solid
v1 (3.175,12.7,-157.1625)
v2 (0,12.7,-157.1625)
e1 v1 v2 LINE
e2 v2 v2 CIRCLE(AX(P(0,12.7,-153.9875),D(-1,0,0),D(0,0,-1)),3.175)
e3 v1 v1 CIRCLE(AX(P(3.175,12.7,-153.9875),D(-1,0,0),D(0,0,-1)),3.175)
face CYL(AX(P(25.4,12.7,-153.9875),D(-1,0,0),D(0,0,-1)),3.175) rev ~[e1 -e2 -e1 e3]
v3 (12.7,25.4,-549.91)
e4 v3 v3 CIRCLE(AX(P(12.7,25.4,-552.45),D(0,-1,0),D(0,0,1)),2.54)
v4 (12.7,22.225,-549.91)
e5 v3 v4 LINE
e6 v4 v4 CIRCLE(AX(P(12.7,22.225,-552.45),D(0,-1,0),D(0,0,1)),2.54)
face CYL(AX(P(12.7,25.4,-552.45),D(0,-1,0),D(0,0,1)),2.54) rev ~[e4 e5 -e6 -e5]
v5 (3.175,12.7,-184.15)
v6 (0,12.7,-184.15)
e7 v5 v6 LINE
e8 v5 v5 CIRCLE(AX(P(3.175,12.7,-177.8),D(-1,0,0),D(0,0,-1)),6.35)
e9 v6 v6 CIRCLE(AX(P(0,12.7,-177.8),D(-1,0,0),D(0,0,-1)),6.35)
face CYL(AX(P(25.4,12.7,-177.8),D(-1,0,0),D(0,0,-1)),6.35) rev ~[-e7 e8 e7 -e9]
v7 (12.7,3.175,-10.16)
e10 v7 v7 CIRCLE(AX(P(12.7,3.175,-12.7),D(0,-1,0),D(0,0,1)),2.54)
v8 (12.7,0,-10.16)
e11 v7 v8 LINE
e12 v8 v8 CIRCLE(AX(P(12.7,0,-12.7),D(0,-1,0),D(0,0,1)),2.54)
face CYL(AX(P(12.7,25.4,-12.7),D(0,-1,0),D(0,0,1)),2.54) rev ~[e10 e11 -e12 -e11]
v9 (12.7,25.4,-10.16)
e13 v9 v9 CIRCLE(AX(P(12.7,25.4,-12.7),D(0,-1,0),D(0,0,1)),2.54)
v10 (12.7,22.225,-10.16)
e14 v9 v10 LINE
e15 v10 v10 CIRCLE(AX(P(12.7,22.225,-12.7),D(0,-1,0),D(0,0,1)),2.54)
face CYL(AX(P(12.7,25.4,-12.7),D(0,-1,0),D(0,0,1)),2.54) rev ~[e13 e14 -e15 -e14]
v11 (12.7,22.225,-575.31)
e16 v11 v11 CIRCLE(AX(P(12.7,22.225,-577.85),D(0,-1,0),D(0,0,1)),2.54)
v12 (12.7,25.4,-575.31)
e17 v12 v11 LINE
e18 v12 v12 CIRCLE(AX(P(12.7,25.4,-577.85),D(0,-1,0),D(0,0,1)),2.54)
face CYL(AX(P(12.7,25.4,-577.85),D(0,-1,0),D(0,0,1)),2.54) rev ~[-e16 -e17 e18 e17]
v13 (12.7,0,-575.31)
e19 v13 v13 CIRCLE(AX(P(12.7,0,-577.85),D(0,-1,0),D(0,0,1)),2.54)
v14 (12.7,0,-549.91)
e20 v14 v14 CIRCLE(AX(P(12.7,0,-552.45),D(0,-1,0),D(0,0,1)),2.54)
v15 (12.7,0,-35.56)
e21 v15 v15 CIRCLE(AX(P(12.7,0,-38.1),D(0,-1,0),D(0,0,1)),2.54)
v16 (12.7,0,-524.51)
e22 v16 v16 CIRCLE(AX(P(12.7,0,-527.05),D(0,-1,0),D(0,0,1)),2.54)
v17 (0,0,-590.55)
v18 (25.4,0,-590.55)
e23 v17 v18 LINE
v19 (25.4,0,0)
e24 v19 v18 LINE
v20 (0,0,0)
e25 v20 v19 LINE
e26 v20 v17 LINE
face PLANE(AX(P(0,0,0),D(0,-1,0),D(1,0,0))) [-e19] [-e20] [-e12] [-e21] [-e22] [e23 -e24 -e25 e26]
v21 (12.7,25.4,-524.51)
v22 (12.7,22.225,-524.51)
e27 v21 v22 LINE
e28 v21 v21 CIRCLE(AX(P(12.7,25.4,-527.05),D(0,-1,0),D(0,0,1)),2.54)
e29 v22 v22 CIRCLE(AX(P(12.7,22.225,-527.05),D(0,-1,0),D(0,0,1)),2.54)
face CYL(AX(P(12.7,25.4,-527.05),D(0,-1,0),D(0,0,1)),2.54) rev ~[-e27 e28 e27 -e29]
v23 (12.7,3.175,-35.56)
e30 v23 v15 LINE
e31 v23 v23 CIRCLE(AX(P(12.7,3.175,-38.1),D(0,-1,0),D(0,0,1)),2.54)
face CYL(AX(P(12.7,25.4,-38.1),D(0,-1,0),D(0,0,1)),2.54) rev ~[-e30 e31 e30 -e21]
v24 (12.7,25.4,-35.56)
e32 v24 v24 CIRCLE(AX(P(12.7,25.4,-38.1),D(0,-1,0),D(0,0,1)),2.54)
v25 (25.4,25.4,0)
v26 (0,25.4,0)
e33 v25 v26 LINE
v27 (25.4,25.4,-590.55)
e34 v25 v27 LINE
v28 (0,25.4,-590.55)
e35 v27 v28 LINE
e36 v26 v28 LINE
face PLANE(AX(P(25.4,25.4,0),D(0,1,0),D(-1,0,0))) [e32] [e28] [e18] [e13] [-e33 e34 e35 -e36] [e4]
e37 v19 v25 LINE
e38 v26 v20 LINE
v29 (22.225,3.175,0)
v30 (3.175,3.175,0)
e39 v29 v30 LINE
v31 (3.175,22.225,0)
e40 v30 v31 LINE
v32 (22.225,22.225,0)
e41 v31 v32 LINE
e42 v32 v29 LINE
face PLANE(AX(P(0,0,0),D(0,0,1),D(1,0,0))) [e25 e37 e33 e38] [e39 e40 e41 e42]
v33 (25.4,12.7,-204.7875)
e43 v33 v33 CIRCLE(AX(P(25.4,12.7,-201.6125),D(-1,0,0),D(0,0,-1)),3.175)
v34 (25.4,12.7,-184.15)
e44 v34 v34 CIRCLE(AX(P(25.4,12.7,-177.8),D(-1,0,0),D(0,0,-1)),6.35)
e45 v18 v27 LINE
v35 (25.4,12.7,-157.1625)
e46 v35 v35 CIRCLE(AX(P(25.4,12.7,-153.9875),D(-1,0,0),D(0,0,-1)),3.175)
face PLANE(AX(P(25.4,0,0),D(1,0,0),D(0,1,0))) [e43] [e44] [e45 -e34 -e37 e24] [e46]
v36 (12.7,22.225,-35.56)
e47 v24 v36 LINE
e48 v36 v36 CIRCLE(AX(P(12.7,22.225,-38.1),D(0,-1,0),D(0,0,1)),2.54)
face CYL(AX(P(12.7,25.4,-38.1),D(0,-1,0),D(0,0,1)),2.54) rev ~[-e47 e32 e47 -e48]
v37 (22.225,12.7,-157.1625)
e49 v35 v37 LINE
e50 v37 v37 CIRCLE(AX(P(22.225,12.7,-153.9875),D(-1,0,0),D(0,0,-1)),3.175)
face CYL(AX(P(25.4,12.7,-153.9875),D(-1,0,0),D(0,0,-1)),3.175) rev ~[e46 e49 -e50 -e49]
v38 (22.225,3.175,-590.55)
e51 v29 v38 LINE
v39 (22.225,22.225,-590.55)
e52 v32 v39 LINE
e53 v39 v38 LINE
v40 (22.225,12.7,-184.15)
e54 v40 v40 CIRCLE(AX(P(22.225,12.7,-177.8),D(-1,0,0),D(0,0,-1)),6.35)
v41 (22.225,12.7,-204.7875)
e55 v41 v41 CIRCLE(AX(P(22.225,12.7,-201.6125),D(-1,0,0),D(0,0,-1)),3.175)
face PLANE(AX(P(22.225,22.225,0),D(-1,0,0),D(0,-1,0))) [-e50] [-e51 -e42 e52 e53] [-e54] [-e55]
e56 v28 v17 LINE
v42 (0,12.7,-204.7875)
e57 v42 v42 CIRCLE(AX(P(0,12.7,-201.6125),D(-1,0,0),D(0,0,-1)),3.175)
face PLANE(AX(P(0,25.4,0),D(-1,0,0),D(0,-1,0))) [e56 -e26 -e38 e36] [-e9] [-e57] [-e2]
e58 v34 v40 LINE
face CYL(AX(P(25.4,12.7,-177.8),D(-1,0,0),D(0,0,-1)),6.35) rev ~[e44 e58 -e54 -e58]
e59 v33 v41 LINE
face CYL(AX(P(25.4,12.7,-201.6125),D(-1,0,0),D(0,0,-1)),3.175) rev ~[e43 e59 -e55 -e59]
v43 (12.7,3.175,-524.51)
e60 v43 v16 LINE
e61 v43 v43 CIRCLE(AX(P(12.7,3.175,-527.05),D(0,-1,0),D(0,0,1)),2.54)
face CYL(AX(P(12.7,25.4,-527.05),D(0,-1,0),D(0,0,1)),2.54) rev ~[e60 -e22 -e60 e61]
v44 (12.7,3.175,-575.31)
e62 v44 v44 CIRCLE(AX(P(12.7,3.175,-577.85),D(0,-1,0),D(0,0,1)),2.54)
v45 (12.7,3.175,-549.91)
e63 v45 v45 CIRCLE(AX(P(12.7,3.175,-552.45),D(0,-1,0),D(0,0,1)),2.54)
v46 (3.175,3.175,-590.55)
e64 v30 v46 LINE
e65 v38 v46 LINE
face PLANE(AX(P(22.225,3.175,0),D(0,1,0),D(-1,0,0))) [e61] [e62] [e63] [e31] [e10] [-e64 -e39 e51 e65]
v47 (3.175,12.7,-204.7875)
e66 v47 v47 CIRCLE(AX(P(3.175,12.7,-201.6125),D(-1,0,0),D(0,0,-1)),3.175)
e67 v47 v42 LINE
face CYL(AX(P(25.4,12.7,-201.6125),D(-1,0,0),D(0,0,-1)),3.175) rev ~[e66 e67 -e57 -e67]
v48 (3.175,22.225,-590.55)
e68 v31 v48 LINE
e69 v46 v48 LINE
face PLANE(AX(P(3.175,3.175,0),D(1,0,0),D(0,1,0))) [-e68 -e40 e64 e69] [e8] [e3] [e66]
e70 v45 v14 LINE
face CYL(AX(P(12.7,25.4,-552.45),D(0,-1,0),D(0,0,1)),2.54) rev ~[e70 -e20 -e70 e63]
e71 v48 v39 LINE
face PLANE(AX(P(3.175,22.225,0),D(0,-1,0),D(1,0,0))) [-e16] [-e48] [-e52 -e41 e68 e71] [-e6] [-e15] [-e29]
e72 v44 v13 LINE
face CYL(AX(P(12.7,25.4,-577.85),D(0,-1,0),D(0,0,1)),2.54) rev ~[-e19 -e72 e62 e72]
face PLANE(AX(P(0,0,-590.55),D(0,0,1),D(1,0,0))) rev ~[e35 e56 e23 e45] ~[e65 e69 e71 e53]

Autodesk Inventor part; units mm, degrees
ref_plane "YZ Plane" through (0, 0, 0) normal (1, 0, 0) x (0, 1, 0)
ref_plane "XZ Plane" through (0, 0, 0) normal (0, 1, 0) x (-1, 0, 0)
ref_plane "XY Plane" through (0, 0, 0) normal (0, 0, 1) x (1, 0, 0)
sketch "Sketch1" plane through (0, 0, 0) normal (0, 0, 1) x (1, 0, 0)
  line L0 (0, 0) -> (25.4, 0)
  line L1 (25.4, 0) -> (25.4, 25.4)
  line L2 (25.4, 25.4) -> (0, 25.4)
  line L3 (0, 25.4) -> (0, 0)
  line L4 (3.175, 22.225) -> (22.225, 22.225)
  line L5 (22.225, 22.225) -> (22.225, 3.175)
  line L6 (22.225, 3.175) -> (3.175, 3.175)
  line L7 (3.175, 3.175) -> (3.175, 22.225)
  dimension "d0" = 25.4
  dimension "d1" = 25.4
  dimension "d2" = 3.175
extrude "Extrusion1" add sketch "Sketch1" against normal blind 590.55
sketch "Sketch4" plane through (0, 25.4, 0) normal (0, 1, 0) x (1, 0, 0)
  line L0 (25.4, 590.55) -> (0, 590.55) projected
  line L1 (25.4, 0) -> (0, 0) projected
  point P0 (12.7, 12.7)
  point P1 (12.7, 38.1)
  point P2 (12.7, 577.85)
  point P3 (12.7, 552.45)
  point P4 (12.7, 527.05)
  dimension "d32" = 12.7
  dimension "d33" = 25.4
  dimension "d34" = 12.7
  dimension "d35" = 25.4
  dimension "d36" = 25.4
hole "Hole4" at (12.7, 25.4, -12.7) at (12.7, 25.4, -38.1) at (12.7, 25.4, -577.85) at (12.7, 25.4, -552.45) at (12.7, 25.4, -527.05) direction (0, -1, 0) diameter 5.08 depth 25.4 tip angle 118
sketch "Sketch5" plane through (25.4, 0, 0) normal (1, 0, 0) x (0, 0, -1)
  line L0 (0, 0) -> (0, 25.4) projected
  point P0 (177.8, 12.7)
  point P1 (153.9875, 12.7)
  point P2 (201.6125, 12.7)
  point P3 (0, 12.7)
  dimension "d44" = 23.8125
  dimension "d45" = 23.8125
  dimension "d46" = 177.8
hole "Hole5" at (25.4, 12.7, -153.9875) at (25.4, 12.7, -201.6125) direction (-1, 0, 0) diameter 6.35 depth 25.4 tip angle 118
hole "Hole6" at (25.4, 12.7, -177.8) direction (-1, 0, 0) diameter 12.7 depth 25.4 tip angle 118
properties part number "new vertical kicker thing"
